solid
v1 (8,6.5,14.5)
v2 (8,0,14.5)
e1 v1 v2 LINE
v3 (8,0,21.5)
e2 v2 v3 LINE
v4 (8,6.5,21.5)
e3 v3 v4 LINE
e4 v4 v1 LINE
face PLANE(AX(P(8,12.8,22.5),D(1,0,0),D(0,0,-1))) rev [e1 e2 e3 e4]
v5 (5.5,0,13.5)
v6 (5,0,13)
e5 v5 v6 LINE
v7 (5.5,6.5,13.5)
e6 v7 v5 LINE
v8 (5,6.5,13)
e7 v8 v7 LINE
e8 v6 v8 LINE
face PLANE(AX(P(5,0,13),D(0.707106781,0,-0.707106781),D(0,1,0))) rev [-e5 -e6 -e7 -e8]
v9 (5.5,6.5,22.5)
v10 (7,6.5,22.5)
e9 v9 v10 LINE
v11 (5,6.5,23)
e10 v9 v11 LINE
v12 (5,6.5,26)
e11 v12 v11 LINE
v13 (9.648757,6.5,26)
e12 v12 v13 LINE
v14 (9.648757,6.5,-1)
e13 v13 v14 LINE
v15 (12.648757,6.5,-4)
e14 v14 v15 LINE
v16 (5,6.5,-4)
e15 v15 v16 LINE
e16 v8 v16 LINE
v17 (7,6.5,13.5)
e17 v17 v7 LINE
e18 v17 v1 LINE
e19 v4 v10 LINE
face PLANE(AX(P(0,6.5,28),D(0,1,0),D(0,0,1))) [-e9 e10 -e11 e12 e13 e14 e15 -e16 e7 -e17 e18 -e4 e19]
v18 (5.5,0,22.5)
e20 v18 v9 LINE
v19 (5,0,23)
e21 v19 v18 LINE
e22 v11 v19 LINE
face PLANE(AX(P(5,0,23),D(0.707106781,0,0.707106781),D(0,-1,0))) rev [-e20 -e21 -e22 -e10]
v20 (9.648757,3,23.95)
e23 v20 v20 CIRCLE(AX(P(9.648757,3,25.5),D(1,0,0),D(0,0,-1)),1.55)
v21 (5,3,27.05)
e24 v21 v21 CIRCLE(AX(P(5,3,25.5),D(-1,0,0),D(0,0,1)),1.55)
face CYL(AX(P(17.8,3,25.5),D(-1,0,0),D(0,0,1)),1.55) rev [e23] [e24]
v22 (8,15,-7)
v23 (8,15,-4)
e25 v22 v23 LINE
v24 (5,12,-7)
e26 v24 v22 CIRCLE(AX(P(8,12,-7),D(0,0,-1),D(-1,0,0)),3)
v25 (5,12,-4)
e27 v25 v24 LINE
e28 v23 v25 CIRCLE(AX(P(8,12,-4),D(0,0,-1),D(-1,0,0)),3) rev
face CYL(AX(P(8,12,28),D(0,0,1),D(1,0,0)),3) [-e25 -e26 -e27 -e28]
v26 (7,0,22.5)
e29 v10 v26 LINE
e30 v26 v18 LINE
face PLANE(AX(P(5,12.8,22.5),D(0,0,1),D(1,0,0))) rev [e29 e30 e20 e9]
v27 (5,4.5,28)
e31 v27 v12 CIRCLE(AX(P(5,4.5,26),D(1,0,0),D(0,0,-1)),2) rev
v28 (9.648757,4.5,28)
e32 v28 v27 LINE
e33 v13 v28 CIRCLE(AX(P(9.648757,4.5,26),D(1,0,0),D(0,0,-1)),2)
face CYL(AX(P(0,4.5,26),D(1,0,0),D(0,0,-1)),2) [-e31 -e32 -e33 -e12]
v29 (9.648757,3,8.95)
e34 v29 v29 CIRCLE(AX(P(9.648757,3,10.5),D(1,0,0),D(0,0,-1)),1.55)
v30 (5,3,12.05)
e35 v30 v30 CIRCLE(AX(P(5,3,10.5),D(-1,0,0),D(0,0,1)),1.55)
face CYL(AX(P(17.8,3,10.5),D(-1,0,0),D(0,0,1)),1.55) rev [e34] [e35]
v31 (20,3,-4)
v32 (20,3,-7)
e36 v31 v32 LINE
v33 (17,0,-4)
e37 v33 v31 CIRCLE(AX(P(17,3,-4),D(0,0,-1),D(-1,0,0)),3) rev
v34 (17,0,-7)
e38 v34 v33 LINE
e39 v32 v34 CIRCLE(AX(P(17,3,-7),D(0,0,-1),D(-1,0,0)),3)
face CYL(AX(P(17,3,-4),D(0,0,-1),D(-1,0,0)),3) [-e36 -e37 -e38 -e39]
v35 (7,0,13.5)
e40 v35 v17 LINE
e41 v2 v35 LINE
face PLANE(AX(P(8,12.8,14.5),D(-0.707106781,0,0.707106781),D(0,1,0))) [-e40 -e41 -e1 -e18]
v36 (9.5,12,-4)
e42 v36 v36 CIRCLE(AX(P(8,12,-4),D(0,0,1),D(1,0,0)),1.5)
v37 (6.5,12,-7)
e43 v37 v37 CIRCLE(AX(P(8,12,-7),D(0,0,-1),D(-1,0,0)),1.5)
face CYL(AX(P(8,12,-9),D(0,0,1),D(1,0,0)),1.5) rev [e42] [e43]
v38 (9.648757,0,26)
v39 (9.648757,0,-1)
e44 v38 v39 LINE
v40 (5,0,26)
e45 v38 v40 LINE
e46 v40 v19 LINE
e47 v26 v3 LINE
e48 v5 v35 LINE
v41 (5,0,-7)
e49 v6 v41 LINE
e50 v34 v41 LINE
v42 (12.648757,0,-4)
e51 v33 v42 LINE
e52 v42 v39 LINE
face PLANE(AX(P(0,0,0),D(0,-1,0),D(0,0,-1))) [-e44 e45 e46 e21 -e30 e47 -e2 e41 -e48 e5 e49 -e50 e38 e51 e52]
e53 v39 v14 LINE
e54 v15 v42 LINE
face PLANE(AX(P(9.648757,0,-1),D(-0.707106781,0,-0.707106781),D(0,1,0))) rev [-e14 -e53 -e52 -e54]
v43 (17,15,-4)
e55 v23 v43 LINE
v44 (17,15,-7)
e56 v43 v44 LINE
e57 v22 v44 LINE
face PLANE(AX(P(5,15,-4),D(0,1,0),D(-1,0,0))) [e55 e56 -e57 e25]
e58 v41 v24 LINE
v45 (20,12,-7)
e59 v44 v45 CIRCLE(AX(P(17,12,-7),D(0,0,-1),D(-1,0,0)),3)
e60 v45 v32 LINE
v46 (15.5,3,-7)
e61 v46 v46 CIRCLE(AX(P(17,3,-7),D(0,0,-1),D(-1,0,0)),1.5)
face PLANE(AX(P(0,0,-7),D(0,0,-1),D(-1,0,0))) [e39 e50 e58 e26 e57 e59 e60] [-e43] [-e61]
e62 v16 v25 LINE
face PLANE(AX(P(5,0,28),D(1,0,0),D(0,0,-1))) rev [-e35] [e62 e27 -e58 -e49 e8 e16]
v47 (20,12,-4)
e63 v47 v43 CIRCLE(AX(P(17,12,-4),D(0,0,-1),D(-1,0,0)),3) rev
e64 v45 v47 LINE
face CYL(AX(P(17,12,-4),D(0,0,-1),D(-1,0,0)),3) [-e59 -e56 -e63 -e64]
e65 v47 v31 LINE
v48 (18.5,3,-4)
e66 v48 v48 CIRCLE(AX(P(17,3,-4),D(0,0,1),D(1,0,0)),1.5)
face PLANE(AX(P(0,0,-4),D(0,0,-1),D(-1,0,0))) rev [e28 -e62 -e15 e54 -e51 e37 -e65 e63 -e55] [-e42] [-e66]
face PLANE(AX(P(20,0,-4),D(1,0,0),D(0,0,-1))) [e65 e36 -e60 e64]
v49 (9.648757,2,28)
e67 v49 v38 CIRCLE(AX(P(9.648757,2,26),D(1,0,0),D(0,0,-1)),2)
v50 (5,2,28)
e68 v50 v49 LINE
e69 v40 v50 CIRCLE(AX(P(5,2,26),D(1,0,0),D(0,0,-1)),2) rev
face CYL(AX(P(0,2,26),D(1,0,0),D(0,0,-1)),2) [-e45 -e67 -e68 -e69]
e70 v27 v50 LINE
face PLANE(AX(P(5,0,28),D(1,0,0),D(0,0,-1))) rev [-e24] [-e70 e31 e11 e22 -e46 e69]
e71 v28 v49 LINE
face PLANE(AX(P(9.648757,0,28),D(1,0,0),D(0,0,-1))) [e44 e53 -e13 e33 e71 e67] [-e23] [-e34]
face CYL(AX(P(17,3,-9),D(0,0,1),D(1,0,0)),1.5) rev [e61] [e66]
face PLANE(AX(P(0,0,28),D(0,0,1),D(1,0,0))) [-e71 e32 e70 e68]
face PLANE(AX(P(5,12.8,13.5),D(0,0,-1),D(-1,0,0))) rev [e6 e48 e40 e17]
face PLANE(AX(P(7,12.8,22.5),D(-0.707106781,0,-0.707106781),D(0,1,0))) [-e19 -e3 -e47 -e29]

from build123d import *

# Parameters (mm, degrees)
SKETCH1_W           = 28
SKETCH1_H           = 5
BOSS_EXTRUDE1_DEPTH = 20
CHAMFER1_SIZE       = 15
BOSS_EXTRUDE2_DEPTH = 28
SKETCH3_W           = 3
SKETCH3_H           = 9
CUT_EXTRUDE1_DEPTH  = 12.8
CHAMFER2_SIZE       = 1
FILLET1_R           = 2
CHAMFER3_SIZE       = 0.5
CUT_EXTRUDE2_DEPTH  = 12.8
CHAMFER4_SIZE       = 3
CHAMFER5_SIZE       = 3
SKETCH8_W           = 3.20799886
SKETCH8_H           = 3.210000155
SKETCH8_W_2         = 3.209995615
SKETCH8_H_2         = 3.268000248
CUT_EXTRUDE3_DEPTH  = 5.4
SKETCH9_W           = 136.063633216
SKETCH9_H           = 34.178471192
CUT_EXTRUDE4_DEPTH  = 8
SKETCH10_W          = 4.648757297
SKETCH10_H          = 6.5
BOSS_EXTRUDE3_DEPTH = 10
SKETCH12_W          = 15
SKETCH12_H          = 15
BOSS_EXTRUDE4_DEPTH = 3
SKETCH13_R          = 1.5
CUT_EXTRUDE5_DEPTH  = 5
FILLET2_R           = 3
CHAMFER6_SIZE       = 3


with BuildPart() as part:
    # Sketch1 → Boss-Extrude1 (new body)
    with BuildSketch(Plane(origin=(0, 0, 0), x_dir=(1, 0, 0), z_dir=(0, 1, 0))):
        with Locations((14, 2.5)):
            Rectangle(SKETCH1_W, SKETCH1_H)
    extrude(amount=BOSS_EXTRUDE1_DEPTH)

    # Chamfer1
    chamfer1_edges = [part.edges().sort_by_distance(p)[0] for p in [
        (28, 0, -2.5),
    ]]
    chamfer(chamfer1_edges, length=CHAMFER1_SIZE)

    # Sketch2 → Boss-Extrude2 (add)
    with BuildSketch(Plane.XY):
        Polygon((9.648757297, 6.5), (5, 6.5), (5, 2), (5, 0), (9.648757297, 0), align=None)
    extrude(amount=BOSS_EXTRUDE2_DEPTH)

    # Sketch3 → Cut-Extrude1 (cut)
    with BuildSketch(Plane.XZ):
        with Locations((6.5, 18)):
            Rectangle(SKETCH3_W, SKETCH3_H)
    extrude(amount=-CUT_EXTRUDE1_DEPTH, mode=Mode.SUBTRACT)

    # Chamfer2
    chamfer2_edges = [part.edges().sort_by_distance(p)[0] for p in [
        (8, 3.25, 22.5),
        (8, 3.25, 13.5),
    ]]
    chamfer(chamfer2_edges, length=CHAMFER2_SIZE)

    # Fillet1
    fillet1_edges = [part.edges().sort_by_distance(p)[0] for p in [
        (7.324378649, 6.5, 28),
        (7.324378649, 0, 28),
    ]]
    fillet(fillet1_edges, radius=FILLET1_R)

    # Chamfer3
    chamfer3_edges = [part.edges().sort_by_distance(p)[0] for p in [
        (5, 3.25, 13.5),
        (5, 3.25, 22.5),
    ]]
    chamfer(chamfer3_edges, length=CHAMFER3_SIZE)

    # Sketch4 → Cut-Extrude2 (cut)
    with BuildSketch(Plane.ZY.offset(-5)):
        with BuildLine():
            ThreePointArc((25.5, 1.45), (27.05, 3), (25.5, 4.55))
            ThreePointArc((25.5, 4.55), (23.95, 3), (25.5, 1.45))
        make_face()
        with BuildLine():
            ThreePointArc((10.5, 4.55), (8.95, 3), (10.5, 1.45))
            ThreePointArc((10.5, 1.45), (12.05, 3), (10.5, 4.55))
        make_face()
    extrude(amount=-CUT_EXTRUDE2_DEPTH, mode=Mode.SUBTRACT)

    # Chamfer4
    chamfer4_edges = [part.edges().sort_by_distance(p)[0] for p in [
        (5, 3.25, 0),
        (9.648757297, 3.25, 0),
    ]]
    chamfer(chamfer4_edges, length=CHAMFER4_SIZE)

    # Chamfer5
    chamfer5_edges = [part.edges().sort_by_distance(p)[0] for p in [
        (7.324378649, 6.5, 0),
    ]]
    chamfer(chamfer5_edges, length=CHAMFER5_SIZE)

    # Sketch8 → Cut-Extrude3 (cut)
    # profile 1 of 4: a face of its own
    with BuildSketch(Plane(origin=(0, 20, 0), x_dir=(1, 0, 0), z_dir=(0, 1, 0))):
        with Locations((5.668003112, 2.226999903)):
            Rectangle(SKETCH8_W, SKETCH8_H)
        Polygon((7.122002542, 3.68199998), (6.328001618, 3.68199998), (4.214003682, 3.68199998), (4.214003682, 2.801999915), (4.214003682, 2.091999864), (4.214003682, 0.771999825), (4.858002067, 0.771999825), (6.60200417, 0.771999825), (7.122002542, 0.771999825), (7.122002542, 3.48399987), align=None, mode=Mode.SUBTRACT)
    # profile 2 of 4: a face of its own
    with BuildSketch(Plane(origin=(0, 20, 0), x_dir=(1, 0, 0), z_dir=(0, 1, 0))):
        Polygon((7.122002542, 3.68199998), (7.122002542, 3.48399987), (7.122002542, 0.771999825), (6.60200417, 0.771999825), (4.858002067, 0.771999825), (4.214003682, 0.771999825), (4.214003682, 2.091999864), (4.214003682, 2.801999915), (4.214003682, 3.68199998), (6.328001618, 3.68199998), align=None)
    # profile 3 of 4: a face of its own
    with BuildSketch(Plane(origin=(0, 20, 0), x_dir=(1, 0, 0), z_dir=(0, 1, 0))):
        with Locations((23.709002883, 2.229999751)):
            Rectangle(SKETCH8_W_2, SKETCH8_H_2)
        Polygon((22.254005075, 1.15799997), (22.254005075, 1.283999765), (22.254005075, 3.713999875), (25.16400069, 3.713999875), (25.16400069, 0.749999657), (25.16400069, 0.745999627), (24.429999292, 0.745999627), (22.254005075, 0.745999627), align=None, mode=Mode.SUBTRACT)
    # profile 4 of 4: a face of its own
    with BuildSketch(Plane(origin=(0, 20, 0), x_dir=(1, 0, 0), z_dir=(0, 1, 0))):
        Polygon((22.254005075, 3.713999875), (22.254005075, 1.283999765), (22.254005075, 1.15799997), (22.254005075, 0.745999627), (24.429999292, 0.745999627), (25.16400069, 0.745999627), (25.16400069, 0.749999657), (25.16400069, 3.713999875), align=None)
    extrude(amount=-CUT_EXTRUDE3_DEPTH, mode=Mode.SUBTRACT)

    # Sketch9 → Cut-Extrude4 (cut)
    with BuildSketch(Plane(origin=(0, 0, -5), x_dir=(-1, 0, 0), z_dir=(0, 0, -1))):
        with Locations((-4.69867378, 12.292617934)):
            Rectangle(SKETCH9_W, SKETCH9_H)
    extrude(amount=-CUT_EXTRUDE4_DEPTH, mode=Mode.SUBTRACT)

    # Sketch10 → Boss-Extrude3 (add)
    with BuildSketch(Plane(origin=(0, 0, 3), x_dir=(-1, 0, 0), z_dir=(0, 0, -1))):
        with Locations((-7.324378649, 3.25)):
            Rectangle(SKETCH10_W, SKETCH10_H)
    extrude(amount=BOSS_EXTRUDE3_DEPTH)

    # Sketch12 → Boss-Extrude4 (add)
    with BuildSketch(Plane(origin=(0, 0, -7), x_dir=(-1, 0, 0), z_dir=(0, 0, -1))):
        with Locations((-12.5, 7.5)):
            Rectangle(SKETCH12_W, SKETCH12_H)
    extrude(amount=-BOSS_EXTRUDE4_DEPTH)

    # Sketch13 → Cut-Extrude5 (cut)
    with BuildSketch(Plane.XY.offset(-4)):
        with Locations((17, 3)):
            Circle(SKETCH13_R)
        with Locations((8, 12)):
            Circle(SKETCH13_R)
    extrude(amount=-CUT_EXTRUDE5_DEPTH, mode=Mode.SUBTRACT)

    # Fillet2
    fillet2_edges = [part.edges().sort_by_distance(p)[0] for p in [
        (5, 15, -5.5),
        (20, 0, -5.5),
        (20, 15, -5.5),
    ]]
    fillet(fillet2_edges, radius=FILLET2_R)

    # Chamfer6
    chamfer6_edges = [part.edges().sort_by_distance(p)[0] for p in [
        (9.648757297, 3.25, -4),
    ]]
    chamfer(chamfer6_edges, length=CHAMFER6_SIZE)


solid = part.part
